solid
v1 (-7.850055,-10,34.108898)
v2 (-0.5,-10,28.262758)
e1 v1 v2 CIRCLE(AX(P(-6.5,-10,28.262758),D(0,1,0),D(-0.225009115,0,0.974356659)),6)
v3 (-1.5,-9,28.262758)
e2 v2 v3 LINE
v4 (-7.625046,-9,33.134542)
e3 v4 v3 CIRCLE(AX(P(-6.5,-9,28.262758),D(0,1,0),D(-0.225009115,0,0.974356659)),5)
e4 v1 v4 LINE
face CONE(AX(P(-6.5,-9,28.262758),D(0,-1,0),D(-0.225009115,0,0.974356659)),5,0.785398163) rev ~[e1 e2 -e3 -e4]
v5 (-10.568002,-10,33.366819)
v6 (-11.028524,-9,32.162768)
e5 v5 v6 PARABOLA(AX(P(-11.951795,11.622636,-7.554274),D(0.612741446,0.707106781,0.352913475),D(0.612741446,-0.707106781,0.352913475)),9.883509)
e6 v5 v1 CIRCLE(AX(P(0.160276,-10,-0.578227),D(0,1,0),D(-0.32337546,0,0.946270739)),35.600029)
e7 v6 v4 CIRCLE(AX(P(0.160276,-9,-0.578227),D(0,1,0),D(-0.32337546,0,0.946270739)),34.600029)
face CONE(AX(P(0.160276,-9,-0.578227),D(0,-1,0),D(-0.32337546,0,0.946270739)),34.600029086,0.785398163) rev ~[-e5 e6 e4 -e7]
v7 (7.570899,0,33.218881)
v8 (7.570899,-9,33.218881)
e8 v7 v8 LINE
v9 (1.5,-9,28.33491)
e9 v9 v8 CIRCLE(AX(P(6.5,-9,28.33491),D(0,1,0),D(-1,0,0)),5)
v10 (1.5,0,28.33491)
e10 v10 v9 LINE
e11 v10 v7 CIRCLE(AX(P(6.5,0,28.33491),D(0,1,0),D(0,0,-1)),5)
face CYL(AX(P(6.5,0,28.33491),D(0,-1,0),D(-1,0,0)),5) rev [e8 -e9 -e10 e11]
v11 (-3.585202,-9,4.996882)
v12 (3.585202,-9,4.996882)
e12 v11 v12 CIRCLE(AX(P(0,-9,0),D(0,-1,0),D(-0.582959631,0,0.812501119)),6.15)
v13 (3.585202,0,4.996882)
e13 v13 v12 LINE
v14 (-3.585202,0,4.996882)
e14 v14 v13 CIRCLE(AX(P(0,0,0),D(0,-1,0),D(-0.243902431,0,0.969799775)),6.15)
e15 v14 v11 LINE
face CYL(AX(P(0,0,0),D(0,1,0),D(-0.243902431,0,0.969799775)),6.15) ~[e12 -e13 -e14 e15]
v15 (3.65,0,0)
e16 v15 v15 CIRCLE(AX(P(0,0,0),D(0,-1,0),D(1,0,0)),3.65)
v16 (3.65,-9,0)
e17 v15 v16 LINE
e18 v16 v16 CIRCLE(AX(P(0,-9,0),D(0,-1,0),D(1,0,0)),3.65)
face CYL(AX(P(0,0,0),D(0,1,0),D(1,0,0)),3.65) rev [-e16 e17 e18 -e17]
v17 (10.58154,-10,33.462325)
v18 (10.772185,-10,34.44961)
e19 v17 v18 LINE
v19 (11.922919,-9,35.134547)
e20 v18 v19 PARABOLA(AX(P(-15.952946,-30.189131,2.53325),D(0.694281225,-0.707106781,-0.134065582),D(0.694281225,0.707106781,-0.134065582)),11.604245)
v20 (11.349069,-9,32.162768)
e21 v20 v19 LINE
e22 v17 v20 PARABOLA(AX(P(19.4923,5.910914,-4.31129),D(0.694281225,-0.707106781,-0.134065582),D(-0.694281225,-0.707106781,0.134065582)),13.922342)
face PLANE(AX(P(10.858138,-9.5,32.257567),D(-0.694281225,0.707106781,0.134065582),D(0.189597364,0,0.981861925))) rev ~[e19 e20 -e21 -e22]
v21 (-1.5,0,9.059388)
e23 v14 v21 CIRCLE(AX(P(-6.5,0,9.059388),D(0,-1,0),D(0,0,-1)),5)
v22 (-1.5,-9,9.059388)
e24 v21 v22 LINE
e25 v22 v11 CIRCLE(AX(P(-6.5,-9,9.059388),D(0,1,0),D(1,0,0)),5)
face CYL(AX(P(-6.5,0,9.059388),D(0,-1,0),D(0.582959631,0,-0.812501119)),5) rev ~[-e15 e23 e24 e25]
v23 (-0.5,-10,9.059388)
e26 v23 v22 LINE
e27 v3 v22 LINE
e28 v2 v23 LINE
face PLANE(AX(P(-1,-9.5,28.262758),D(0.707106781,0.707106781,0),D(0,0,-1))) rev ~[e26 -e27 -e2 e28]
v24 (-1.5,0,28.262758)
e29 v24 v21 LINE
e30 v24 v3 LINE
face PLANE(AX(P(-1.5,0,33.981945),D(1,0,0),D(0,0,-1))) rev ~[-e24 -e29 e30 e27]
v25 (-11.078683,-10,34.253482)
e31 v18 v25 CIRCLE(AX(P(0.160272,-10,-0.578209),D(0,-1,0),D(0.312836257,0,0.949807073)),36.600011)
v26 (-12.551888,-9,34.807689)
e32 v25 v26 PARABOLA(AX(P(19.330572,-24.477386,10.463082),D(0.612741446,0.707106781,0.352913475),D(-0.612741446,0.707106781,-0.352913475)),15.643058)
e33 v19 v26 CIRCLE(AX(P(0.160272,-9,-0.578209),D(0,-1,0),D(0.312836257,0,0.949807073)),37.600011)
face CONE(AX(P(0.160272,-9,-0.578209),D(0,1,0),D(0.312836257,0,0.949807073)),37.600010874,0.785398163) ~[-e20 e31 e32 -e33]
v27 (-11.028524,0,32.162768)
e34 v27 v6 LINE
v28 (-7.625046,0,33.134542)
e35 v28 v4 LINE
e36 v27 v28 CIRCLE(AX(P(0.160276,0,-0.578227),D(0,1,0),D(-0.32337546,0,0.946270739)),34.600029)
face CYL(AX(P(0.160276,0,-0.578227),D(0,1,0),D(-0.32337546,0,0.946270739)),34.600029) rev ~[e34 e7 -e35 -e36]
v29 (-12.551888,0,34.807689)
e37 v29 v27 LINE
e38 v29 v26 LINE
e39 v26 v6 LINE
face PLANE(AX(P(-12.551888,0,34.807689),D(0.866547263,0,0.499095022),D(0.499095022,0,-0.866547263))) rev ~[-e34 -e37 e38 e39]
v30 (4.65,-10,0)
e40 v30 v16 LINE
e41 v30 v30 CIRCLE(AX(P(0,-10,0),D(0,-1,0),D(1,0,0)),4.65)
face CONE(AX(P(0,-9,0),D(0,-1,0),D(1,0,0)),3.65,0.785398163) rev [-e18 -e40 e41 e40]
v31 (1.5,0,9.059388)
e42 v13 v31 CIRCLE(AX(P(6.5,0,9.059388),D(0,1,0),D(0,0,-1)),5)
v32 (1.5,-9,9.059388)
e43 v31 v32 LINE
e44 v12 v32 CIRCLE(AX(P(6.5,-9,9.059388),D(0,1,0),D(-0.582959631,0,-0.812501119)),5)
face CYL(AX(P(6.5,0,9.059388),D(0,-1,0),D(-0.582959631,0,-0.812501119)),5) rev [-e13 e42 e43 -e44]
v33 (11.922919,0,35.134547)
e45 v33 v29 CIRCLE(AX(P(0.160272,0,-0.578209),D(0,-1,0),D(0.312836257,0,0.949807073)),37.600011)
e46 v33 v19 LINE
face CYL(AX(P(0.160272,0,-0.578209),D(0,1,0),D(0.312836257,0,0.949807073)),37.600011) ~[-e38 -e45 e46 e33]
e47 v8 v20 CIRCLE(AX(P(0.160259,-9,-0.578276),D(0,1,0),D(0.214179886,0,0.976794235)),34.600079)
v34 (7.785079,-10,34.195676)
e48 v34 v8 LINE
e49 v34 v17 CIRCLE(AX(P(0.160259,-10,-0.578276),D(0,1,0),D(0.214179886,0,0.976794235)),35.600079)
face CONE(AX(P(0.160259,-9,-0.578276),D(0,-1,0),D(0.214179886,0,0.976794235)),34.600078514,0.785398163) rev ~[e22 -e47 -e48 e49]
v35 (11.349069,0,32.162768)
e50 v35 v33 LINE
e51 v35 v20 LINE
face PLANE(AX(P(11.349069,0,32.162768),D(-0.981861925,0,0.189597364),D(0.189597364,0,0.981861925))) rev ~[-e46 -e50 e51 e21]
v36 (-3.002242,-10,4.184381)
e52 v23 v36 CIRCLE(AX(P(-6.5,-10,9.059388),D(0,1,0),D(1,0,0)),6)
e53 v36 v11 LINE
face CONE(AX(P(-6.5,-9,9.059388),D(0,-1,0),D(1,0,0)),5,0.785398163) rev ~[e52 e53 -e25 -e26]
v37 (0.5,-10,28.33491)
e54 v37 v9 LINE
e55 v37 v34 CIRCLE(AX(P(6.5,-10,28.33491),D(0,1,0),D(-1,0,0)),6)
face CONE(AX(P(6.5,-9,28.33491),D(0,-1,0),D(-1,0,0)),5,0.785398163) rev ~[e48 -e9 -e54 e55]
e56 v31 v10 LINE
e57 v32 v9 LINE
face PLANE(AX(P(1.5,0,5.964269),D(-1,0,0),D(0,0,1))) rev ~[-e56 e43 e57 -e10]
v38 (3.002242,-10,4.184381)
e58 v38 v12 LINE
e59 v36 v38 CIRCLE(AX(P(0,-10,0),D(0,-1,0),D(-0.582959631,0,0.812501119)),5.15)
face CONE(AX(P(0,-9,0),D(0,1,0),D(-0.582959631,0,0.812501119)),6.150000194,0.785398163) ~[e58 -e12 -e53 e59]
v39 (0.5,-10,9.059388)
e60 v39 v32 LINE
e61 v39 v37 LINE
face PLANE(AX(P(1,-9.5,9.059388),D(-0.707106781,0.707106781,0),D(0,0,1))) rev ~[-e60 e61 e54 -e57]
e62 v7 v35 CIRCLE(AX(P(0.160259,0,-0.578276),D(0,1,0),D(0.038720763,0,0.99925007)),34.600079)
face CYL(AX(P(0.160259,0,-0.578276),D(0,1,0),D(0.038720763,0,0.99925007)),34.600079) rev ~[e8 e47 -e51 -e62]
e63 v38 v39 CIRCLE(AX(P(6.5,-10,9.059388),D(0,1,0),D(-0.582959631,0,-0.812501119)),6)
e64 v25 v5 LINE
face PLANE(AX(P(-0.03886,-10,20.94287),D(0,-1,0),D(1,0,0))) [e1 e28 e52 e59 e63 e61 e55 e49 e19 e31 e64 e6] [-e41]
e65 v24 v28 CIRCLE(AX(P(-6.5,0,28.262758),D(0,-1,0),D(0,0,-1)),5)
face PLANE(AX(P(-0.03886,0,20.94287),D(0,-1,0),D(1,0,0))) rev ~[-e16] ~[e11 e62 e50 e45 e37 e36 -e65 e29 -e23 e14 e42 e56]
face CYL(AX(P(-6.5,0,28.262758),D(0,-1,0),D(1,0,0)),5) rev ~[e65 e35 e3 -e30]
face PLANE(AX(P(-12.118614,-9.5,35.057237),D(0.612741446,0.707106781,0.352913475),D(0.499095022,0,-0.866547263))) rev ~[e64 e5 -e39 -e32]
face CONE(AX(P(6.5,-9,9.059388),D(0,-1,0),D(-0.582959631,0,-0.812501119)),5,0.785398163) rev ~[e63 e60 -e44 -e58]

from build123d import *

# Parameters (mm, degrees)
F0_R     = 3.65
F1_DEPTH = 10
F2_R     = 5
F3_SIZE  = 1


with BuildPart() as f1:
    # F0 (on Front) → F1 (new body)
    with BuildSketch(Plane.XZ):
        with BuildLine():
            Line((-1.5, 32), (-1.5, 5.964269))
            ThreePointArc((-1.5, 5.964269), (0, -6.15), (1.5, 5.964269))
            Line((1.5, 5.964269), (1.5, 32))
            Line((1.5, 32), (1.5, 33.995855))
            ThreePointArc((1.5, 33.995855), (6.49123, 33.437665), (11.349069, 32.162768))
            Line((11.349069, 32.162768), (11.922919, 35.134547))
            ThreePointArc((11.922919, 35.134547), (-0.341827, 37.018449), (-12.551888, 34.807689))
            Line((-12.551888, 34.807689), (-11.028524, 32.162768))
            ThreePointArc((-11.028524, 32.162768), (-6.328333, 33.407946), (-1.5, 33.981945))
            Line((-1.5, 33.981945), (-1.5, 32))
        make_face()
        Circle(F0_R, mode=Mode.SUBTRACT)
    extrude(amount=F1_DEPTH)

    # F2
    f2_edges = [f1.edges().sort_by_distance(p)[0] for p in [
        (1.5, -5, 33.995855),
        (-1.5, -5, 33.981945),
        (1.5, -5, 5.964269),
        (-1.5, -5, 5.964269),
    ]]
    fillet(f2_edges, radius=F2_R)

    # F3
    f3_edges = [f1.edges().sort_by_distance(p)[0] for p in [
        (-1.5, -10, 18.661073),
        (-2.051742, -10, 6.776187),
        (-3.387544, -10, 32.175892),
        (0, -10, -6.15),
        (-9.33922, -10, 32.692204),
        (2.051742, -10, 6.776187),
        (-11.790206, -10, 33.485228),
        (1.5, -10, 18.697149),
        (-0.341827, -10, 37.018449),
        (3.365873, -10, 32.23071),
        (11.635994, -10, 33.648657),
        (9.474964, -10, 32.744415),
        (-3.65, -10, 0),
    ]]
    chamfer(f3_edges, length=F3_SIZE)


solid = f1.part
